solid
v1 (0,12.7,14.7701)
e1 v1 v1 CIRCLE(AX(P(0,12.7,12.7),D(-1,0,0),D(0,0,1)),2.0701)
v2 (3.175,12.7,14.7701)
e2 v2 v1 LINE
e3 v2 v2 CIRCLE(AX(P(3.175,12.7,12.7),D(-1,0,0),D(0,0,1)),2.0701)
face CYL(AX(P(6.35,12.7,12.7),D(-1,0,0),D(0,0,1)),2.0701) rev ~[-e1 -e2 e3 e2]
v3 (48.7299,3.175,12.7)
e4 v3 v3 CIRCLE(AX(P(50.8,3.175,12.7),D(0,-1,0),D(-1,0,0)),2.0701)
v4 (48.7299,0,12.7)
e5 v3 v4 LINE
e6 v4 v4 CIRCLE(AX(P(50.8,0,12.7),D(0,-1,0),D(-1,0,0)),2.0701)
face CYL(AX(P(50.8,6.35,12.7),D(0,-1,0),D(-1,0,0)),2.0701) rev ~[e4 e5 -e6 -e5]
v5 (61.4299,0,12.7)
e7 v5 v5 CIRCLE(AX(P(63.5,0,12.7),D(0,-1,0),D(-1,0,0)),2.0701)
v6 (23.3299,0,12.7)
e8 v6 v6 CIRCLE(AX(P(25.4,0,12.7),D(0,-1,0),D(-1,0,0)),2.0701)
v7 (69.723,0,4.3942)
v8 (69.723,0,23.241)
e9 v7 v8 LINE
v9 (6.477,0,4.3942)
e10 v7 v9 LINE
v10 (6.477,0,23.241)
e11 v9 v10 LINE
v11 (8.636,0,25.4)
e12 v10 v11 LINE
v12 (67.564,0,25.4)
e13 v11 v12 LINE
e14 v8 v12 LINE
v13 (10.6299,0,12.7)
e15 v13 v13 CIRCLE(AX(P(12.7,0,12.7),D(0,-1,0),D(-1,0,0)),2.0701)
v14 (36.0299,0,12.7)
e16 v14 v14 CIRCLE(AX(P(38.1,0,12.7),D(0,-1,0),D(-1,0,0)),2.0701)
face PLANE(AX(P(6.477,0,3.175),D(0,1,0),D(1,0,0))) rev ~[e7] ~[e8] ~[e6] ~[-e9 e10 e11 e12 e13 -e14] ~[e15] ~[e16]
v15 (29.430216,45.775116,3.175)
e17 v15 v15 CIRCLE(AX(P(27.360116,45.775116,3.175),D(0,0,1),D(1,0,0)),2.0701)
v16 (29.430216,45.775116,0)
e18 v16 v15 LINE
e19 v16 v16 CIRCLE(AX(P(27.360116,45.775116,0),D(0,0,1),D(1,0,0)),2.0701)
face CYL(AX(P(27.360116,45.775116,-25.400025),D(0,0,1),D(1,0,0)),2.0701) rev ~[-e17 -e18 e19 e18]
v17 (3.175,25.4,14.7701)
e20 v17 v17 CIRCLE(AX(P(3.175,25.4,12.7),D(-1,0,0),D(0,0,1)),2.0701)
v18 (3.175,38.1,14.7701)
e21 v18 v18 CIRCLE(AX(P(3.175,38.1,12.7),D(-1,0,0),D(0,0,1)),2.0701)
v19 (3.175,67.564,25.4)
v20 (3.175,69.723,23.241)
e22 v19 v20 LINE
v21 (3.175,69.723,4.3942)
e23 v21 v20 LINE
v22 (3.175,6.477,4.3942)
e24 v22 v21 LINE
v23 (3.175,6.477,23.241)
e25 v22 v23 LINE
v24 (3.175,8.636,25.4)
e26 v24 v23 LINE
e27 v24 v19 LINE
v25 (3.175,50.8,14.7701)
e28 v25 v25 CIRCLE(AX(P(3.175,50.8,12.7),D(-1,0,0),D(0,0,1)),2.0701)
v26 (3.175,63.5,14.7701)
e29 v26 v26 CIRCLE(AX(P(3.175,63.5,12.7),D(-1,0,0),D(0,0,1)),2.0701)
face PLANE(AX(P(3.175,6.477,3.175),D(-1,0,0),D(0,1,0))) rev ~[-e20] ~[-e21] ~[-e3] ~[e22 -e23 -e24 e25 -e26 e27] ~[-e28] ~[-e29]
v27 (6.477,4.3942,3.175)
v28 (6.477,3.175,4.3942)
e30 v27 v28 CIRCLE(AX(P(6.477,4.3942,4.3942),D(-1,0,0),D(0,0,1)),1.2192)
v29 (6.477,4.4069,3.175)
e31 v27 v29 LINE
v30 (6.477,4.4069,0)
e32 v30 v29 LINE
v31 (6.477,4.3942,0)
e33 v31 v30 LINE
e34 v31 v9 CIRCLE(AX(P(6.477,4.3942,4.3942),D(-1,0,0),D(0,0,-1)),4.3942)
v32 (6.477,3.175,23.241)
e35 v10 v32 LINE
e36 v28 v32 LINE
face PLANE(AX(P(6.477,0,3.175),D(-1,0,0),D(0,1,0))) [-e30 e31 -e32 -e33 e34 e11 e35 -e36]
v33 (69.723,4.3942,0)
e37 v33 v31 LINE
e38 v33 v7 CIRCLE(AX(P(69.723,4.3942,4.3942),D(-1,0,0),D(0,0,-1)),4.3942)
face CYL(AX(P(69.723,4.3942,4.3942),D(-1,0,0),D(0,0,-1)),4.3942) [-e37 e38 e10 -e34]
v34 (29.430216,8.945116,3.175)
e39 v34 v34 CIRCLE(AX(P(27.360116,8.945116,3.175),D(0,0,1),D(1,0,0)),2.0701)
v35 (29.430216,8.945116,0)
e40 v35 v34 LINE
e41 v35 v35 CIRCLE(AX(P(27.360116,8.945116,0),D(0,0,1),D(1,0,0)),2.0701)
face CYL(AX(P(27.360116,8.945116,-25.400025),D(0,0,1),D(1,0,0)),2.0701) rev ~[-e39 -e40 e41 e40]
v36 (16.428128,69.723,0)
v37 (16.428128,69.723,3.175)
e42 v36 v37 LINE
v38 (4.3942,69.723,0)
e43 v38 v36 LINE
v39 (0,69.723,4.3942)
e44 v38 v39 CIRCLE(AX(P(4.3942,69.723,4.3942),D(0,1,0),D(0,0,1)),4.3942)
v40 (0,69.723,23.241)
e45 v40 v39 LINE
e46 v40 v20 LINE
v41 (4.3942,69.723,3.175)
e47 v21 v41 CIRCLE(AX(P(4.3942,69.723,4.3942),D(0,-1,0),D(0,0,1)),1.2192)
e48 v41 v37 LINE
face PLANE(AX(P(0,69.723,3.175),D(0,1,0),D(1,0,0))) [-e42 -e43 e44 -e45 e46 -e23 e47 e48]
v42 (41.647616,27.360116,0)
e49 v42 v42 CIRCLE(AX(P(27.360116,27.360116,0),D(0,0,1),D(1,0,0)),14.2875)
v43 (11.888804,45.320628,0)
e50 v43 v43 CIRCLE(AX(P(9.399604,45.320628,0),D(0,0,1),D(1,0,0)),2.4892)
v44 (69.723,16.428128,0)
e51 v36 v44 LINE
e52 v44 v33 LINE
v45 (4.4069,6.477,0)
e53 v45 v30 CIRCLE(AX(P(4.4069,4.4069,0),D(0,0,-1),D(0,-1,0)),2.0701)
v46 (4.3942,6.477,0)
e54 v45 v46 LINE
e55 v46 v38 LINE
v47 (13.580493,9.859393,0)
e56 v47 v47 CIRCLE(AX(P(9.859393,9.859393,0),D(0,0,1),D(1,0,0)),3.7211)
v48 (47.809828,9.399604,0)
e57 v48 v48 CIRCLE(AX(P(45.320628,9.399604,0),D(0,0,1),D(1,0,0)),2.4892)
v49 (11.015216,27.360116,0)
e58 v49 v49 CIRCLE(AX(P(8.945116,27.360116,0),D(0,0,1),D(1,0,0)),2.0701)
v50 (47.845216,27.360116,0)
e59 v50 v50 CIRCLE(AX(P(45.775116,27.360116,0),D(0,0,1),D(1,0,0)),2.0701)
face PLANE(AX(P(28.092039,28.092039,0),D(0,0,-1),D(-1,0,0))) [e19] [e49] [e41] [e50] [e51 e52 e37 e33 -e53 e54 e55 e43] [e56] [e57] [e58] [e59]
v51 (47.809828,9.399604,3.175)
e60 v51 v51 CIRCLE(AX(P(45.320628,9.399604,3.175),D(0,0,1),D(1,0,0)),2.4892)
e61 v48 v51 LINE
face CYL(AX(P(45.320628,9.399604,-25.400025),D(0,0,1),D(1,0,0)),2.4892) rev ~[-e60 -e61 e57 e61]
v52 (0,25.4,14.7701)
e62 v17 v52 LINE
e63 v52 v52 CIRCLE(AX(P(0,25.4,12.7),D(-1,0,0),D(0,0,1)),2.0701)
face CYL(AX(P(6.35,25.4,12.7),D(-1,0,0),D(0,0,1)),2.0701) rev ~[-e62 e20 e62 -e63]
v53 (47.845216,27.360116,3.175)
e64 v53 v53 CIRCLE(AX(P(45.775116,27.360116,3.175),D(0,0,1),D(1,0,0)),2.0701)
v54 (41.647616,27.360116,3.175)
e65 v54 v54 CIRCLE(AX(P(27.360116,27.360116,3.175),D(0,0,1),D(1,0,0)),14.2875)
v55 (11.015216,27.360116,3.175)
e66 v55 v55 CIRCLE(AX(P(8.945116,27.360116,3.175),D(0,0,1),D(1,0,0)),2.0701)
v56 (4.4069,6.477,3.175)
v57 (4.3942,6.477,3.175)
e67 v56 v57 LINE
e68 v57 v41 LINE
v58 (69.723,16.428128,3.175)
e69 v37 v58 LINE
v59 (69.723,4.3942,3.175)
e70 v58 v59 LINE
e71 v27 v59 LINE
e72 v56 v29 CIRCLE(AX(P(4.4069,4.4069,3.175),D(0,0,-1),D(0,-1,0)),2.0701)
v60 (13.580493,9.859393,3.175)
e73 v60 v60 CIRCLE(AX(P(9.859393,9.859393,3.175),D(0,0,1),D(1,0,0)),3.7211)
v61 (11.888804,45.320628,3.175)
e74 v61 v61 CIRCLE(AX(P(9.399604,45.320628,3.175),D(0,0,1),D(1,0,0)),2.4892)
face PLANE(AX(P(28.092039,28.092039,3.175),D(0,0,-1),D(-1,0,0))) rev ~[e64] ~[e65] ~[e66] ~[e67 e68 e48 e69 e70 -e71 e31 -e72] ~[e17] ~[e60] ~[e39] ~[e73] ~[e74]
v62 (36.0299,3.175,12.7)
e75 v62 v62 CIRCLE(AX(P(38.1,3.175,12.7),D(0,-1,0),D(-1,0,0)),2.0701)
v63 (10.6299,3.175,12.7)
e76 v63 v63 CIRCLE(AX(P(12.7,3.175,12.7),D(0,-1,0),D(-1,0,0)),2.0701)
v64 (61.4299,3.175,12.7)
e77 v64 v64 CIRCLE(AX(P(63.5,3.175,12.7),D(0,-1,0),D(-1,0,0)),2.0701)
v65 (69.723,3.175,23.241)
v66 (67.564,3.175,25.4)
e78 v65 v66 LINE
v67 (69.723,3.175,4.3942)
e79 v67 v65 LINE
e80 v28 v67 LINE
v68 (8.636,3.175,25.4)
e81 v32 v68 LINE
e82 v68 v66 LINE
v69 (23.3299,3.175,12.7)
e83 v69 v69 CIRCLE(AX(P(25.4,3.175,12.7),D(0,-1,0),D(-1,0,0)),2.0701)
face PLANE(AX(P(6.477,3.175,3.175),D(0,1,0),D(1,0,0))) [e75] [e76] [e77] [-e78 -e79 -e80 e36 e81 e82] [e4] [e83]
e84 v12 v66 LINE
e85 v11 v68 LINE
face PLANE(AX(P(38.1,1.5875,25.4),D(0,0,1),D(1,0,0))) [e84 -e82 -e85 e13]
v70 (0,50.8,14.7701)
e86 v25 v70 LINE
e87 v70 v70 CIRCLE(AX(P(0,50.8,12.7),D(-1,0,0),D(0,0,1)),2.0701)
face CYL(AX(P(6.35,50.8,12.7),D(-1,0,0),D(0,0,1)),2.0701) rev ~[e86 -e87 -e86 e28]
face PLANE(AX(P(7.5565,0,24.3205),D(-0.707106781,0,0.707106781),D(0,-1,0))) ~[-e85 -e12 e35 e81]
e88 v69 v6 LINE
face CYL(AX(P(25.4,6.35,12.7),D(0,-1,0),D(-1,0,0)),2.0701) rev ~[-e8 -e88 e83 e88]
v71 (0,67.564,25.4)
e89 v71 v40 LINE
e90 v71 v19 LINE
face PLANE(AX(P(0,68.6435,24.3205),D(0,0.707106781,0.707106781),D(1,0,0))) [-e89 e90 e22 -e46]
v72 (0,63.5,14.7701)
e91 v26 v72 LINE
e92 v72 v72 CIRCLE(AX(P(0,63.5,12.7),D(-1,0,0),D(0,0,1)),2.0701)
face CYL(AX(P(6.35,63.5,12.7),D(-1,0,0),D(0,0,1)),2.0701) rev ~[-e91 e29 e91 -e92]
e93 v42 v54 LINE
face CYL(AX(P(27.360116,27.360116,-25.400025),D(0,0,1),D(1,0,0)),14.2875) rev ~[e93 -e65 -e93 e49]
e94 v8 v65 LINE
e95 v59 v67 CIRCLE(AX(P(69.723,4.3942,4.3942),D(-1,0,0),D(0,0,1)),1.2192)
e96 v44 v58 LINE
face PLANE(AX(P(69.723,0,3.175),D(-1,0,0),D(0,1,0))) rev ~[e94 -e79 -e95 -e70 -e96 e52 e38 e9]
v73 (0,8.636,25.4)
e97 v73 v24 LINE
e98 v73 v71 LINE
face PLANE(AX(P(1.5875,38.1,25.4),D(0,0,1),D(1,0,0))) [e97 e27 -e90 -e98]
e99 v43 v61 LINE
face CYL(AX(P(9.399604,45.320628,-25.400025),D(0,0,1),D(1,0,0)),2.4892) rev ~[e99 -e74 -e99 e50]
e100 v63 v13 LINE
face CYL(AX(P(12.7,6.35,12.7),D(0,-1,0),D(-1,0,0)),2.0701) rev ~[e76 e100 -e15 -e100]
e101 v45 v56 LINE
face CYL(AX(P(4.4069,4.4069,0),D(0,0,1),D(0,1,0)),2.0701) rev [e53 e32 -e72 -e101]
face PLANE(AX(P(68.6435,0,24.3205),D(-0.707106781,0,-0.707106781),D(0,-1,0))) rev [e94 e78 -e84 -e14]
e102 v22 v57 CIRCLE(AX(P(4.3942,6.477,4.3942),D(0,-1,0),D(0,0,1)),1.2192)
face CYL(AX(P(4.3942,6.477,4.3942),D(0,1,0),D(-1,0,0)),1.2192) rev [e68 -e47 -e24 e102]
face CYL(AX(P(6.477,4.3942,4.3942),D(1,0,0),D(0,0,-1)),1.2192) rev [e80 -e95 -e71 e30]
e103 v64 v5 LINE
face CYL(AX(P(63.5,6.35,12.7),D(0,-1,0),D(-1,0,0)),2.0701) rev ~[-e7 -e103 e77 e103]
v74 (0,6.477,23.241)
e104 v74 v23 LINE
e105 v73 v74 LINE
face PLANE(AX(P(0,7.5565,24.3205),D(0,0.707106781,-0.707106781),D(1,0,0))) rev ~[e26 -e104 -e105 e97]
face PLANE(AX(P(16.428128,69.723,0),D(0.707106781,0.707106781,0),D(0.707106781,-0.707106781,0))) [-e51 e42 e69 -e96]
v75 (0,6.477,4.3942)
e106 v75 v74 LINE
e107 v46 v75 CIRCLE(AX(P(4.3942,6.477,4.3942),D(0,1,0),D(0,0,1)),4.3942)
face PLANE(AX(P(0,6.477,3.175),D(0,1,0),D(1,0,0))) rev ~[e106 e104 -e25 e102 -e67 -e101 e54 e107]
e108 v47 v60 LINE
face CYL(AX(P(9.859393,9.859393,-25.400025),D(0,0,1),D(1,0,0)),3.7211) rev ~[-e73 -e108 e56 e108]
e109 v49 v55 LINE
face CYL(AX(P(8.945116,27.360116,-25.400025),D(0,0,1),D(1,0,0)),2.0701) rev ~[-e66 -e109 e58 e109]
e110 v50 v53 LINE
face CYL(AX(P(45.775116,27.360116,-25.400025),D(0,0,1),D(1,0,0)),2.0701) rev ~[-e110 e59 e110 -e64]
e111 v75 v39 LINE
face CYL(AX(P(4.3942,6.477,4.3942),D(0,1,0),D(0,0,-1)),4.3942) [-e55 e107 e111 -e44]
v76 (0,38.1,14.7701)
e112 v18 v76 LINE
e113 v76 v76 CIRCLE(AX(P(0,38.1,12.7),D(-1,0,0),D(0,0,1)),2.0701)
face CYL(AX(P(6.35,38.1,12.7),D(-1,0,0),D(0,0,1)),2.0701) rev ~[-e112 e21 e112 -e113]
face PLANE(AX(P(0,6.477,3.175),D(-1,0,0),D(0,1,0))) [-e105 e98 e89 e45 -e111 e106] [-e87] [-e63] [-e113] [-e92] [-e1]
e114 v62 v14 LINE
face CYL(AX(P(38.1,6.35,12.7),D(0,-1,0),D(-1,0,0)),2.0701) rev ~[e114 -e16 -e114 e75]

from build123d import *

# Parameters (mm, degrees)
BOSS_EXTRUDE1_DEPTH        = 3.175
SKETCH2_W                  = 6.477
SKETCH2_H                  = 6.477
CUT_EXTRUDE1_DEPTH         = 4.175
SKETCH3_W                  = 63.246
SKETCH3_H                  = 3.175
BOSS_EXTRUDE2_DEPTH        = 22.225
SKETCH4_W                  = 3.175
SKETCH4_H                  = 63.246
BOSS_EXTRUDE3_DEPTH        = 22.225
M6_5_CLEARANCE_HOLE1_D     = 7.4422
M6_5_CLEARANCE_HOLE1_DEPTH = 25.400025
M25_CLEARANCE_HOLE1_D      = 28.575
M25_CLEARANCE_HOLE1_DEPTH  = 25.400025
HOLE1_D                    = 4.9784
HOLE1_DEPTH                = 25.400025
M3_5_CLEARANCE_HOLE1_D     = 4.1402
M3_5_CLEARANCE_HOLE1_DEPTH = 25.400025
M3_5_CLEARANCE_HOLE2_D     = 4.1402
M3_5_CLEARANCE_HOLE2_DEPTH = 3.175
M3_5_CLEARANCE_HOLE3_D     = 4.1402
M3_5_CLEARANCE_HOLE3_DEPTH = 3.175
CHAMFER1_SIZE              = 2.159
FILLET1_R                  = 1.2192
FILLET2_R                  = 2.0701
FILLET3_R                  = 4.3942


with BuildPart() as part:
    # Sketch1 → Boss-Extrude1 (new body)
    with BuildSketch(Plane(origin=(0, 0, 0), x_dir=(-1, 0, 0), z_dir=(0, 0, -1))):
        Polygon((-69.723, 0), (0, 0), (0, 69.723), (-16.428128061, 69.723), (-69.723, 16.428128061), align=None)
    extrude(amount=-BOSS_EXTRUDE1_DEPTH)

    # Sketch2 → Cut-Extrude1 (cut, through all)
    with BuildSketch(Plane(origin=(0, 0, 0), x_dir=(-1, 0, 0), z_dir=(0, 0, -1))):
        with Locations((-3.2385, 3.2385)):
            Rectangle(SKETCH2_W, SKETCH2_H)
    extrude(amount=-CUT_EXTRUDE1_DEPTH, mode=Mode.SUBTRACT)

    # Sketch3 → Boss-Extrude2 (add)
    with BuildSketch(Plane.XY.offset(3.175)):
        with Locations((38.1, 1.5875)):
            Rectangle(SKETCH3_W, SKETCH3_H)
    extrude(amount=BOSS_EXTRUDE2_DEPTH)

    # Sketch4 → Boss-Extrude3 (add)
    with BuildSketch(Plane.XY.offset(3.175)):
        with Locations((1.5875, 38.1)):
            Rectangle(SKETCH4_W, SKETCH4_H)
    extrude(amount=BOSS_EXTRUDE3_DEPTH)

    # M6.5 Clearance Hole1
    with Locations(Plane(origin=(0, 0, 0), x_dir=(-1, 0, 0), z_dir=(0, 0, -1))):
        with Locations((-9.85939269, 9.85939269)):
            Hole(M6_5_CLEARANCE_HOLE1_D / 2, depth=M6_5_CLEARANCE_HOLE1_DEPTH)

    # M25 Clearance Hole1
    with Locations(Plane(origin=(0, 0, 0), x_dir=(-1, 0, 0), z_dir=(0, 0, -1))):
        with Locations((-27.360115818, 27.360115818)):
            Hole(M25_CLEARANCE_HOLE1_D / 2, depth=M25_CLEARANCE_HOLE1_DEPTH)

    # Hole1
    with Locations(Plane(origin=(0, 0, 0), x_dir=(-1, 0, 0), z_dir=(0, 0, -1))):
        with Locations((-9.399603576, 45.320628061), (-45.320628061, 9.399603576)):
            Hole(HOLE1_D / 2, depth=HOLE1_DEPTH)

    # M3.5 Clearance Hole1
    with Locations(Plane(origin=(0, 0, 0), x_dir=(-1, 0, 0), z_dir=(0, 0, -1))):
        with Locations((-45.775115818, 27.360115818), (-8.945115818, 27.360115818), (-27.360115818, 45.775115818), (-27.360115818, 8.945115818)):
            Hole(M3_5_CLEARANCE_HOLE1_D / 2, depth=M3_5_CLEARANCE_HOLE1_DEPTH)

    # M3.5 Clearance Hole2
    with Locations(Plane(origin=(3.175, 0, 0), x_dir=(0, 0, -1), z_dir=(1, 0, 0))):
        with Locations((-12.7, 63.5), (-12.7, 50.8), (-12.7, 38.1), (-12.7, 25.4), (-12.7, 12.7)):
            Hole(M3_5_CLEARANCE_HOLE2_D / 2, depth=M3_5_CLEARANCE_HOLE2_DEPTH)

    # M3.5 Clearance Hole3
    with Locations(Plane(origin=(0, 3.175, 0), x_dir=(1, 0, 0), z_dir=(0, 1, 0))):
        with Locations((63.5, -12.7), (50.8, -12.7), (38.1, -12.7), (25.4, -12.7), (12.7, -12.7)):
            Hole(M3_5_CLEARANCE_HOLE3_D / 2, depth=M3_5_CLEARANCE_HOLE3_DEPTH)

    # Chamfer1
    chamfer1_edges = [part.edges().sort_by_distance(p)[0] for p in [
        (1.5875, 6.477, 25.4),
        (1.5875, 69.723, 25.4),
        (6.477, 1.5875, 25.4),
        (69.723, 1.5875, 25.4),
    ]]
    chamfer(chamfer1_edges, length=CHAMFER1_SIZE)

    # Fillet1
    fillet1_edges = [part.edges().sort_by_distance(p)[0] for p in [
        (38.1, 3.175, 3.175),
        (3.175, 38.1, 3.175),
    ]]
    fillet(fillet1_edges, radius=FILLET1_R)

    # Fillet2
    fillet2_edges = [part.edges().sort_by_distance(p)[0] for p in [
        (6.477, 6.477, 1.5875),
    ]]
    fillet(fillet2_edges, radius=FILLET2_R)

    # Fillet3
    fillet3_edges = [part.edges().sort_by_distance(p)[0] for p in [
        (0, 38.1, 0),
        (38.1, 0, 0),
    ]]
    fillet(fillet3_edges, radius=FILLET3_R)


solid = part.part
